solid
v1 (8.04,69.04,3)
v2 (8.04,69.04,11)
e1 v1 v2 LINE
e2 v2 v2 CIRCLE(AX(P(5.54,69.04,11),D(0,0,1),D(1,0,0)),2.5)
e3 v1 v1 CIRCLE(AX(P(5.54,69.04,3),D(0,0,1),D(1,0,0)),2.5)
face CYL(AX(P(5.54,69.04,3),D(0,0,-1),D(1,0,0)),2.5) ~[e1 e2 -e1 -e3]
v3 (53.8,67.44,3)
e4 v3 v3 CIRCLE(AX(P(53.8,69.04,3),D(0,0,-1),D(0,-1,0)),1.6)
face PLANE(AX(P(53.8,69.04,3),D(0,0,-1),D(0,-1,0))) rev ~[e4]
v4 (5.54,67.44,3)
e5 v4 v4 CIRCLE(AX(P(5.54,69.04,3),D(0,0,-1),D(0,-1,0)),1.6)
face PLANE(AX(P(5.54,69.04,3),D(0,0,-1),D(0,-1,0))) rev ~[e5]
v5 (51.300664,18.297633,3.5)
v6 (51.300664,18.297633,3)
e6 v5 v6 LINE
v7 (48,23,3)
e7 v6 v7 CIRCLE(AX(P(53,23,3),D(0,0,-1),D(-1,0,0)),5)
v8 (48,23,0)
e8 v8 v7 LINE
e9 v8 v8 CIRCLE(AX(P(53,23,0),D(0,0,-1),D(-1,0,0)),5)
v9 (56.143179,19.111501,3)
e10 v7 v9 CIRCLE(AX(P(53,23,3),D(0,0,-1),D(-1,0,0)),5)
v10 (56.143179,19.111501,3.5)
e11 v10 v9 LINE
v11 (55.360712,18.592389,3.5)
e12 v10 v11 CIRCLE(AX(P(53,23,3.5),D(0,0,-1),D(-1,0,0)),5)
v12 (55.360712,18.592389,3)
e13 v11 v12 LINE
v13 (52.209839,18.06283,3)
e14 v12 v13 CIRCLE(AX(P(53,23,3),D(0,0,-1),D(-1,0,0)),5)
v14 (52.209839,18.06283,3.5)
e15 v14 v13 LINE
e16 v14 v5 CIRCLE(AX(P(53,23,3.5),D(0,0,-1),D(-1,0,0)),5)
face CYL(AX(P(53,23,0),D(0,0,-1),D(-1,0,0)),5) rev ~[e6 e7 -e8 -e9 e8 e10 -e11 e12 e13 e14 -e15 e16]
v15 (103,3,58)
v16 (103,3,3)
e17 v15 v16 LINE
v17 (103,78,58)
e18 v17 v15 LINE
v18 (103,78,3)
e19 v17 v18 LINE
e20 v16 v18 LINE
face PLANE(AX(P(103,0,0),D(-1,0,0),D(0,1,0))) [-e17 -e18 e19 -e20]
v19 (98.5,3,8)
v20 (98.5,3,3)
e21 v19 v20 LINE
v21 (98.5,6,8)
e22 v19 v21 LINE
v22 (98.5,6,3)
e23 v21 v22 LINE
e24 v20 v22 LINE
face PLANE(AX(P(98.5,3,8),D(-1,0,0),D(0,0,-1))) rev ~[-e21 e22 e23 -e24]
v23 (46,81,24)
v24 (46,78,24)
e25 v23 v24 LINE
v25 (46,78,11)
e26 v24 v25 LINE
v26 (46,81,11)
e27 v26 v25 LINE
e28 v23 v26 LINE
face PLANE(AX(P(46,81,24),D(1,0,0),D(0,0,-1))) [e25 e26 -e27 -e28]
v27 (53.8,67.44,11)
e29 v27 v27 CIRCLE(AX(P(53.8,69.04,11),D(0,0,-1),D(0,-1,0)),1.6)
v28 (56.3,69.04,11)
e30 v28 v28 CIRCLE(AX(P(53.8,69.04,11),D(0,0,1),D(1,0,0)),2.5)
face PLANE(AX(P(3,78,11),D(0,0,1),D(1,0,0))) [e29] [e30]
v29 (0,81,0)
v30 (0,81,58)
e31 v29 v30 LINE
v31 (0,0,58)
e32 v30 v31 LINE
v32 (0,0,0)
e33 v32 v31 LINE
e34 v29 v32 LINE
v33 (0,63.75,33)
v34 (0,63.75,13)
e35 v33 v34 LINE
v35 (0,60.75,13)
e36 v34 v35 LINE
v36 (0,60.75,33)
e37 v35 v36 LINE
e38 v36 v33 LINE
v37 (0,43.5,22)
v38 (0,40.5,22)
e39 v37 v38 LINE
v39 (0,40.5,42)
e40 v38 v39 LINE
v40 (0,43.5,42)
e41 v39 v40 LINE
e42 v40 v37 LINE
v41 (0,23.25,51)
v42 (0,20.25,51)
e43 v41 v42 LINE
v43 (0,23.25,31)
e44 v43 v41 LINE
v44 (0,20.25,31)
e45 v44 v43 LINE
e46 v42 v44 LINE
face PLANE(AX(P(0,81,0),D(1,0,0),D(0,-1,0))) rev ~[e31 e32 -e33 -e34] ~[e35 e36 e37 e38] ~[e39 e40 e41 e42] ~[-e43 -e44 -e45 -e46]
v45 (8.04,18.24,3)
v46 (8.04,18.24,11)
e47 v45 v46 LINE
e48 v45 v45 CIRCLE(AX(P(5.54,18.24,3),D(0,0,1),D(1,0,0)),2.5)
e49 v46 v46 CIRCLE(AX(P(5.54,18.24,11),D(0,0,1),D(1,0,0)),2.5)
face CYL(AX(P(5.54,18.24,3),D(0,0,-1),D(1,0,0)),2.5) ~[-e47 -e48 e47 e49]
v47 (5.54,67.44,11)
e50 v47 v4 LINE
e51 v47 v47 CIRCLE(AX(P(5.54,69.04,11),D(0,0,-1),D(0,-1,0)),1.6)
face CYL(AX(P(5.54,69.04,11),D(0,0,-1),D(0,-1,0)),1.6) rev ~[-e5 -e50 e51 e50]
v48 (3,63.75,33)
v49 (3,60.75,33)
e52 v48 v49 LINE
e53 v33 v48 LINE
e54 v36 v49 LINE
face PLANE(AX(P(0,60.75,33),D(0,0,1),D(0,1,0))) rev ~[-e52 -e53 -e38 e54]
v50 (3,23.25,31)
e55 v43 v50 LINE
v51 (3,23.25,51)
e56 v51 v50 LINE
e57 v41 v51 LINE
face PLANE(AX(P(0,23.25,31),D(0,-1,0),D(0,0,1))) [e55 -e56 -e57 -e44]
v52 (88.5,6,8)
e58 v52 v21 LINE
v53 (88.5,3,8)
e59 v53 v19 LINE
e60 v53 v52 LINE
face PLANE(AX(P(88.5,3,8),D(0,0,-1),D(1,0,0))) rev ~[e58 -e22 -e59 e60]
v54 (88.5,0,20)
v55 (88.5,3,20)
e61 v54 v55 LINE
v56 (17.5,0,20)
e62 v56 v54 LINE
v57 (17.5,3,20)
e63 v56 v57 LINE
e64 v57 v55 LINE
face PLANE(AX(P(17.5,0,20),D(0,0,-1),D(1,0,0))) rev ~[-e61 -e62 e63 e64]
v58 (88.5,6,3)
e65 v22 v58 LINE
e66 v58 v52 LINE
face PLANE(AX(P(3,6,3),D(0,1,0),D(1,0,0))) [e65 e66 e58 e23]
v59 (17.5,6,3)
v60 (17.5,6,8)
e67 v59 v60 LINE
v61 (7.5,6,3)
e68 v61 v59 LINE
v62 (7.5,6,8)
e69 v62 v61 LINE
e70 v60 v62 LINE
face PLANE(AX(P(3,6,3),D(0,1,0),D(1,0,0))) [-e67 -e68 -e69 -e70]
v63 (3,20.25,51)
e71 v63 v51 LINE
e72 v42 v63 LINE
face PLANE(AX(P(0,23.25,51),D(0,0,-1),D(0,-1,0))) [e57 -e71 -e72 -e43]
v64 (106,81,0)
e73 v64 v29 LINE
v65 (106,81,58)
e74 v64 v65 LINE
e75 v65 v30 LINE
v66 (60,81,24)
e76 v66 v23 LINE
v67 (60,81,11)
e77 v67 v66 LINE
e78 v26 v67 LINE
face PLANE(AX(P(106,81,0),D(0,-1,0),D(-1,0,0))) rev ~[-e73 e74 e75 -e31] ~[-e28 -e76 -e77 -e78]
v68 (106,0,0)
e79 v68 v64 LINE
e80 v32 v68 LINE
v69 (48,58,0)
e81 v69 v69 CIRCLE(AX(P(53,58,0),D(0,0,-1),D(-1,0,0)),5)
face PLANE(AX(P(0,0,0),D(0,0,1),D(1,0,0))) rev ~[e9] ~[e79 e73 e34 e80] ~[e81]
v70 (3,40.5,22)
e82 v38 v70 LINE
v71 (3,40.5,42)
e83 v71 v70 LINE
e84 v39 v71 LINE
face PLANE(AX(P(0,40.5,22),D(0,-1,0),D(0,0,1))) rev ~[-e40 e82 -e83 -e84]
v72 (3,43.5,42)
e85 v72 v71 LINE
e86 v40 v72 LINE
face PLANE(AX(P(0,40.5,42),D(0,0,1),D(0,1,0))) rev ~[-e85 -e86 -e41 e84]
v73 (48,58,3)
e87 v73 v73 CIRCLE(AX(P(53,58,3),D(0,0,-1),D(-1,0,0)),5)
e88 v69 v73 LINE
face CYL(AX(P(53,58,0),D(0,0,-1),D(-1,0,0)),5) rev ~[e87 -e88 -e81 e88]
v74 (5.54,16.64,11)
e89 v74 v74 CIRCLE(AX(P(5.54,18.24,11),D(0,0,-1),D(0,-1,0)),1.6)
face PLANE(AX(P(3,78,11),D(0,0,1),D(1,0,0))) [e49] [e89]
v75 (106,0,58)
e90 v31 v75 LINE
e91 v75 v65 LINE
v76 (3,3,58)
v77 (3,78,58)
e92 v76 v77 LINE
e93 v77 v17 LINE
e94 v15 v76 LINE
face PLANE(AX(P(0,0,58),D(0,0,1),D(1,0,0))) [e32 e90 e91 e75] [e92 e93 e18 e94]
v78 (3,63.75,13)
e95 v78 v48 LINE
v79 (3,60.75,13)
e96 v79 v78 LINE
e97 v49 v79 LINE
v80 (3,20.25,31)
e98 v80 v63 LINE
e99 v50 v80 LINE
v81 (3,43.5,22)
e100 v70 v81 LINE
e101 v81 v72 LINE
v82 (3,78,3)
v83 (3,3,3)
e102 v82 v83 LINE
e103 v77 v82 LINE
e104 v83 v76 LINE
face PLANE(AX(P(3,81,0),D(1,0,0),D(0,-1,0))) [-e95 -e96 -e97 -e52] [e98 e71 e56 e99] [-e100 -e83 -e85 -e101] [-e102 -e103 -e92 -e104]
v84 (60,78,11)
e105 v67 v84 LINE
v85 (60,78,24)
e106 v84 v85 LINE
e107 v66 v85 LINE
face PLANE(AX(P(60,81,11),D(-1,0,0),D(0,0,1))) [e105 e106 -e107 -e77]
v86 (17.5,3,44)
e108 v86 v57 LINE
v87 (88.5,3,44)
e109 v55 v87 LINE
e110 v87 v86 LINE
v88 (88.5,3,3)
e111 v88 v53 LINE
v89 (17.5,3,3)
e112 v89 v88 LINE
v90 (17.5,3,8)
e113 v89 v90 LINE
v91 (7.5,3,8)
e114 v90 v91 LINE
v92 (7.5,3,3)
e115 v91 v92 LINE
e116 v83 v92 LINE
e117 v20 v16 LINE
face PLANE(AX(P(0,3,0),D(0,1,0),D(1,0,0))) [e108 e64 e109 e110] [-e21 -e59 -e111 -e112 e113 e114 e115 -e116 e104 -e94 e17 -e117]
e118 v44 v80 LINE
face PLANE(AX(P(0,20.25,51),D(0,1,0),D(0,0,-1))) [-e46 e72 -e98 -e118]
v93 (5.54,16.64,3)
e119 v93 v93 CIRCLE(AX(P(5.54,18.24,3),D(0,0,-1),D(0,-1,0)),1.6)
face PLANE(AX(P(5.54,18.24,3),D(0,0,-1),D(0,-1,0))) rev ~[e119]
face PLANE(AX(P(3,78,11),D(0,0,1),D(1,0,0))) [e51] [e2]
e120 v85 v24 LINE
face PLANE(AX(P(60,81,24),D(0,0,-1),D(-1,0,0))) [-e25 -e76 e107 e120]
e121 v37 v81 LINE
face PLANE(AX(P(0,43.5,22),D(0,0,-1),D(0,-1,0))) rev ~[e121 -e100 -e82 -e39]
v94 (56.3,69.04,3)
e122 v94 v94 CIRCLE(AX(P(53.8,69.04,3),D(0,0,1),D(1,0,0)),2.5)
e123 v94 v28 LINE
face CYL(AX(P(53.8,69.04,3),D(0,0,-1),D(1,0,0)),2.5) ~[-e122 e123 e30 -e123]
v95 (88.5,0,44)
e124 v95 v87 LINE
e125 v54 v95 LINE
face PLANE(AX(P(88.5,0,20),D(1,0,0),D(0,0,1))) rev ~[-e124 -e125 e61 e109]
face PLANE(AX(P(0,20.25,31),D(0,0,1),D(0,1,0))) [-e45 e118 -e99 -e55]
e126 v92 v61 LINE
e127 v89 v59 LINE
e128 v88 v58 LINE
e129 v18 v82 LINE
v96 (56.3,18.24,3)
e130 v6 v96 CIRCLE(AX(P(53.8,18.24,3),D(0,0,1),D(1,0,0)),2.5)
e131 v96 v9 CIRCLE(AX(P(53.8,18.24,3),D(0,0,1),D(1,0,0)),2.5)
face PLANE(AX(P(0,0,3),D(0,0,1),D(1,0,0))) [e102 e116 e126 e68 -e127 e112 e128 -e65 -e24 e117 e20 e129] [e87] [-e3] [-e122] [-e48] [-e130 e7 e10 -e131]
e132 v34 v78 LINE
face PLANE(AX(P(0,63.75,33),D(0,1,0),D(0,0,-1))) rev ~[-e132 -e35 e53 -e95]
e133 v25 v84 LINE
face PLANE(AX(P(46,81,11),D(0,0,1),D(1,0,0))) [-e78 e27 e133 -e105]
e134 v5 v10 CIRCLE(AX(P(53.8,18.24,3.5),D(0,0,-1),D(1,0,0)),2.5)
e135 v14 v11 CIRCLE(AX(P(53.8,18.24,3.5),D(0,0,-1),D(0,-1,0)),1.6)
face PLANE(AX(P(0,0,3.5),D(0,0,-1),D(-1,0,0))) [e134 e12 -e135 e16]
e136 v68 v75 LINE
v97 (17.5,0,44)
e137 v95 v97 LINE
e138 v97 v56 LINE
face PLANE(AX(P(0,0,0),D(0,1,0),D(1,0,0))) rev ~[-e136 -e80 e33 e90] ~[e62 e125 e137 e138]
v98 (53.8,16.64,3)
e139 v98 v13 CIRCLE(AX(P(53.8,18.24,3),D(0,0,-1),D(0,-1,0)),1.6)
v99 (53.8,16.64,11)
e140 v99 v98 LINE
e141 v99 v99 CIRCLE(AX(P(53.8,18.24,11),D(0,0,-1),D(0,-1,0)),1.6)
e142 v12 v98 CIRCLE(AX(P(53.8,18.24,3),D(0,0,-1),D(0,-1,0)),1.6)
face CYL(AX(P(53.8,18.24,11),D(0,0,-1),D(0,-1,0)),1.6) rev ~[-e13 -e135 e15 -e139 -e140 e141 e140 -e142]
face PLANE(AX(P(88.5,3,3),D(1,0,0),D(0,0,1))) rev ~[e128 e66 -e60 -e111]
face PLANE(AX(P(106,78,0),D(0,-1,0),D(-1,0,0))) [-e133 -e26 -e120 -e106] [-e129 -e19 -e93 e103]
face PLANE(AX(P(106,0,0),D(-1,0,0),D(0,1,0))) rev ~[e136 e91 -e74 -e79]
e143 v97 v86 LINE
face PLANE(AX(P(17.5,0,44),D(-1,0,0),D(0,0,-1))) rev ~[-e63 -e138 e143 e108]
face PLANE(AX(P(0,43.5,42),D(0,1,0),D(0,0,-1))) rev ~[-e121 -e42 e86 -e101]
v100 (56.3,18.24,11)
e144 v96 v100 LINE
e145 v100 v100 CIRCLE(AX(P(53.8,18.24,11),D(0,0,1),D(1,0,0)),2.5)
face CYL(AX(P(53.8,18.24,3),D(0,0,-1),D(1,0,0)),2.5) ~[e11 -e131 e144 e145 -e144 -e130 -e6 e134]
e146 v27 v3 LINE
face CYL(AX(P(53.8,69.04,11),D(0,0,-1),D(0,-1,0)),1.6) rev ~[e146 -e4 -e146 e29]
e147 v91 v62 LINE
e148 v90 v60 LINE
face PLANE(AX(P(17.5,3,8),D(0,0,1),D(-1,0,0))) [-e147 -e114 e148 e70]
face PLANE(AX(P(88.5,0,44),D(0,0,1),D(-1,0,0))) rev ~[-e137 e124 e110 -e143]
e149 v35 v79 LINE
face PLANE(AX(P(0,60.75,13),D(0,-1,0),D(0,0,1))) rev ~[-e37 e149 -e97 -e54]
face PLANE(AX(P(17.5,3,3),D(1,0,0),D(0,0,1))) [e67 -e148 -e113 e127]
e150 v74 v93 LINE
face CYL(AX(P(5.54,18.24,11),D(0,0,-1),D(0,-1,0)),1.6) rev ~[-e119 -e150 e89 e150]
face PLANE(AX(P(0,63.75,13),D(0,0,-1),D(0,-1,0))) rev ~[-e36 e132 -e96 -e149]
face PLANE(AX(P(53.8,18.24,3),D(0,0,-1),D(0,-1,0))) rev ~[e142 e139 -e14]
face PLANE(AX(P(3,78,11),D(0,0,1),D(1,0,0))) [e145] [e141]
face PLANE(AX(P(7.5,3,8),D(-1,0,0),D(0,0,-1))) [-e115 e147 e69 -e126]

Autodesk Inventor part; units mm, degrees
ref_plane "YZ Plane" through (0, 0, 0) normal (1, 0, 0) x (0, 1, 0)
ref_plane "XZ Plane" through (0, 0, 0) normal (0, 1, 0) x (-1, 0, 0)
ref_plane "XY Plane" through (0, 0, 0) normal (0, 0, 1) x (1, 0, 0)
sketch "Sketch1" plane through (0, 0, 0) normal (0, 0, 1) x (1, 0, 0)
  line L0 (0, 0) -> (106, 0)
  line L1 (106, 0) -> (106, 81)
  line L2 (106, 81) -> (0, 81)
  line L3 (0, 81) -> (0, 0)
  dimension "d0" = 106
  dimension "d1" = 81
extrude "Extrusion1" add sketch "Sketch1" along normal blind 58
shell "Shell1" thickness 3 removed faces 1 at (70.6667, 27, 58)
sketch "Sketch2" plane through (0, 0, 0) normal (0, -1, 0) x (1, 0, 0)
  line L0 (17.5, 20) -> (88.5, 20)
  line L1 (88.5, 20) -> (88.5, 44)
  line L2 (88.5, 44) -> (17.5, 44)
  line L3 (17.5, 44) -> (17.5, 20)
  line L4 (0, 0) -> (0, 58) projected
  line L5 (0, 0) -> (106, 0) projected
  dimension "d5" = 71
  dimension "d6" = 24
  dimension "d7" = 17.5
  dimension "d8" = 20
extrude "Extrusion2" cut sketch "Sketch2" against normal blind 3
sketch "Sketch3" plane through (0, 81, 0) normal (0, 1, 0) x (1, 0, 0)
  line L0 (60, -24) -> (46, -24)
  line L1 (46, -24) -> (46, -11)
  line L2 (46, -11) -> (60, -11)
  line L3 (60, -11) -> (60, -24)
  line L4 (106, 0) -> (106, -58) projected
  line L5 (106, 0) -> (0, 0) projected
  dimension "d11" = 14
  dimension "d12" = 13
  dimension "d13" = 46
  dimension "d14" = 11
extrude "Extrusion3" cut sketch "Sketch3" against normal blind 3
sketch "Sketch4" plane through (0, 0, 0) normal (-1, 0, 0) x (0, 0, 1)
  line L0 (33, 63.75) -> (13, 63.75)
  line L1 (13, 63.75) -> (13, 60.75)
  line L2 (13, 60.75) -> (33, 60.75)
  line L3 (33, 60.75) -> (33, 63.75)
  line L4 (42, 43.5) -> (22, 43.5)
  line L5 (22, 43.5) -> (22, 40.5)
  line L6 (22, 40.5) -> (42, 40.5)
  line L7 (42, 40.5) -> (42, 43.5)
  line L8 (31, 23.25) -> (51, 23.25)
  line L9 (51, 23.25) -> (51, 20.25)
  line L10 (51, 20.25) -> (31, 20.25)
  line L11 (31, 20.25) -> (31, 23.25)
  line L12 (0, 81) -> (0, 0) projected
  line L13 (0, 81) -> (58, 81) projected
  line L14 (0, 0) -> (58, 0) projected
  dimension "d17" = 20
  dimension "d18" = 3
  dimension "d19" = 20
  dimension "d20" = 3
  dimension "d21" = 20
  dimension "d22" = 3
  dimension "d23" = 13
  dimension "d24" = 22
  dimension "d25" = 31
  dimension "d90" = 20.25
  dimension "d91" = 40.5
  dimension "d92" = 60.75
sketch "Sketch5" plane through (3, 78, 3) normal (0, 0, 1) x (1, 0, 0)
  circle A0 centre (2.54, -59.76) radius 2.5
  line L0 (0, 0) -> (0, -75) projected
  line L1 (0, -75) -> (100, -75) projected
  circle A1 centre (2.54, -8.96) radius 2.5
  circle A2 centre (50.8, -8.96) radius 2.5
  circle A3 centre (50.8, -59.76) radius 2.5
  point P0 (-3, -78)
  dimension "d28" = 5
  dimension "d29" = 2.54
  dimension "d30" = 15.24
  dimension "d31" = 5
  dimension "d32" = 2.54
  dimension "d33" = 66.04
  dimension "d34" = 5
  dimension "d35" = 50.8
  dimension "d36" = 66.04
  dimension "d37" = 5
  dimension "d38" = 50.8
  dimension "d39" = 15.24
extrude "Extrusion4" add sketch "Sketch5" along normal blind 8
sketch "Sketch6" plane through (5.54, 69.04, 11) normal (0, 0, 1) x (1, 0, 0)
  point P0 (-5.54, -69.04)
  point P1 (0, 0)
sketch "Sketch7" plane through (5.54, 18.24, 11) normal (0, 0, 1) x (1, 0, 0)
  circle A0 centre (48.26, 0) radius 2.5 projected
  point P0 (-5.54, -18.24)
  point P1 (0, 0)
sketch "Sketch8" plane through (53.8, 69.04, 11) normal (0, 0, 1) x (1, 0, 0)
  point P0 (-53.8, -69.04)
  point P1 (0, 0)
hole "Hole1" at (5.54, 69.04, 11) direction (0, 0, -1) diameter 3.2 depth 8
hole "Hole2" at (53.8, 69.04, 11) direction (0, 0, -1) diameter 3.2 depth 8
hole "Hole3" at (5.54, 18.24, 11) direction (0, 0, -1) diameter 3.2 depth 8
sketch "Sketch9" plane through (53.8, 18.24, 11) normal (0, 0, 1) x (1, 0, 0)
  point P0 (-53.8, -18.24)
  point P1 (0, 0)
hole "Hole4" at (53.8, 18.24, 11) direction (0, 0, -1) diameter 3.2 depth 8
sketch "Sketch10" plane through (3, 3, 3) normal (0, 1, 0) x (1, 0, 0)
  line L0 (85.5, -5) -> (95.5, -5)
  line L1 (95.5, -5) -> (95.5, 0)
  line L2 (95.5, 0) -> (85.5, 0)
  line L3 (85.5, 0) -> (85.5, -5)
  line L4 (85.5, -17) -> (85.5, -41) projected
  line L5 (0, 0) -> (100, 0) projected
  line L6 (14.5, -5) -> (4.5, -5)
  line L7 (4.5, -5) -> (4.5, 0)
  line L8 (4.5, 0) -> (14.5, 0)
  line L9 (14.5, 0) -> (14.5, -5)
  line L10 (14.5, -41) -> (14.5, -17) projected
  point P0 (-3, 3)
  dimension "d70" = 10
  dimension "d71" = 5
  dimension "d72" = 0
  dimension "d74" = 10
  dimension "d75" = 5
  dimension "d76" = 0
  dimension "d77" = 0
  dimension "d80" = 0
extrude "Extrusion5" add sketch "Sketch10" along normal blind 3
sketch "Sketch11" plane through (0, 0, 0) normal (0, 0, -1) x (-1, 0, 0)
  circle A0 centre (-53, 58) radius 5
  circle A1 centre (-53, 23) radius 5
  line L0 (-106, 0) -> (-106, 81) projected
  line L1 (-106, 81) -> (0, 81) projected
  line L2 (0, 0) -> (-106, 0) projected
  dimension "d81" = 10
  dimension "d82" = 10
  dimension "d83" = 53
  dimension "d84" = 53
  dimension "d85" = 23
  dimension "d86" = 23
extrude "Extrusion6" cut sketch "Sketch11" against normal blind 3.5
extrude "Extrusion7" cut sketch "Sketch4" against normal blind 3.5
properties part number "air-monitor_enclosure"
